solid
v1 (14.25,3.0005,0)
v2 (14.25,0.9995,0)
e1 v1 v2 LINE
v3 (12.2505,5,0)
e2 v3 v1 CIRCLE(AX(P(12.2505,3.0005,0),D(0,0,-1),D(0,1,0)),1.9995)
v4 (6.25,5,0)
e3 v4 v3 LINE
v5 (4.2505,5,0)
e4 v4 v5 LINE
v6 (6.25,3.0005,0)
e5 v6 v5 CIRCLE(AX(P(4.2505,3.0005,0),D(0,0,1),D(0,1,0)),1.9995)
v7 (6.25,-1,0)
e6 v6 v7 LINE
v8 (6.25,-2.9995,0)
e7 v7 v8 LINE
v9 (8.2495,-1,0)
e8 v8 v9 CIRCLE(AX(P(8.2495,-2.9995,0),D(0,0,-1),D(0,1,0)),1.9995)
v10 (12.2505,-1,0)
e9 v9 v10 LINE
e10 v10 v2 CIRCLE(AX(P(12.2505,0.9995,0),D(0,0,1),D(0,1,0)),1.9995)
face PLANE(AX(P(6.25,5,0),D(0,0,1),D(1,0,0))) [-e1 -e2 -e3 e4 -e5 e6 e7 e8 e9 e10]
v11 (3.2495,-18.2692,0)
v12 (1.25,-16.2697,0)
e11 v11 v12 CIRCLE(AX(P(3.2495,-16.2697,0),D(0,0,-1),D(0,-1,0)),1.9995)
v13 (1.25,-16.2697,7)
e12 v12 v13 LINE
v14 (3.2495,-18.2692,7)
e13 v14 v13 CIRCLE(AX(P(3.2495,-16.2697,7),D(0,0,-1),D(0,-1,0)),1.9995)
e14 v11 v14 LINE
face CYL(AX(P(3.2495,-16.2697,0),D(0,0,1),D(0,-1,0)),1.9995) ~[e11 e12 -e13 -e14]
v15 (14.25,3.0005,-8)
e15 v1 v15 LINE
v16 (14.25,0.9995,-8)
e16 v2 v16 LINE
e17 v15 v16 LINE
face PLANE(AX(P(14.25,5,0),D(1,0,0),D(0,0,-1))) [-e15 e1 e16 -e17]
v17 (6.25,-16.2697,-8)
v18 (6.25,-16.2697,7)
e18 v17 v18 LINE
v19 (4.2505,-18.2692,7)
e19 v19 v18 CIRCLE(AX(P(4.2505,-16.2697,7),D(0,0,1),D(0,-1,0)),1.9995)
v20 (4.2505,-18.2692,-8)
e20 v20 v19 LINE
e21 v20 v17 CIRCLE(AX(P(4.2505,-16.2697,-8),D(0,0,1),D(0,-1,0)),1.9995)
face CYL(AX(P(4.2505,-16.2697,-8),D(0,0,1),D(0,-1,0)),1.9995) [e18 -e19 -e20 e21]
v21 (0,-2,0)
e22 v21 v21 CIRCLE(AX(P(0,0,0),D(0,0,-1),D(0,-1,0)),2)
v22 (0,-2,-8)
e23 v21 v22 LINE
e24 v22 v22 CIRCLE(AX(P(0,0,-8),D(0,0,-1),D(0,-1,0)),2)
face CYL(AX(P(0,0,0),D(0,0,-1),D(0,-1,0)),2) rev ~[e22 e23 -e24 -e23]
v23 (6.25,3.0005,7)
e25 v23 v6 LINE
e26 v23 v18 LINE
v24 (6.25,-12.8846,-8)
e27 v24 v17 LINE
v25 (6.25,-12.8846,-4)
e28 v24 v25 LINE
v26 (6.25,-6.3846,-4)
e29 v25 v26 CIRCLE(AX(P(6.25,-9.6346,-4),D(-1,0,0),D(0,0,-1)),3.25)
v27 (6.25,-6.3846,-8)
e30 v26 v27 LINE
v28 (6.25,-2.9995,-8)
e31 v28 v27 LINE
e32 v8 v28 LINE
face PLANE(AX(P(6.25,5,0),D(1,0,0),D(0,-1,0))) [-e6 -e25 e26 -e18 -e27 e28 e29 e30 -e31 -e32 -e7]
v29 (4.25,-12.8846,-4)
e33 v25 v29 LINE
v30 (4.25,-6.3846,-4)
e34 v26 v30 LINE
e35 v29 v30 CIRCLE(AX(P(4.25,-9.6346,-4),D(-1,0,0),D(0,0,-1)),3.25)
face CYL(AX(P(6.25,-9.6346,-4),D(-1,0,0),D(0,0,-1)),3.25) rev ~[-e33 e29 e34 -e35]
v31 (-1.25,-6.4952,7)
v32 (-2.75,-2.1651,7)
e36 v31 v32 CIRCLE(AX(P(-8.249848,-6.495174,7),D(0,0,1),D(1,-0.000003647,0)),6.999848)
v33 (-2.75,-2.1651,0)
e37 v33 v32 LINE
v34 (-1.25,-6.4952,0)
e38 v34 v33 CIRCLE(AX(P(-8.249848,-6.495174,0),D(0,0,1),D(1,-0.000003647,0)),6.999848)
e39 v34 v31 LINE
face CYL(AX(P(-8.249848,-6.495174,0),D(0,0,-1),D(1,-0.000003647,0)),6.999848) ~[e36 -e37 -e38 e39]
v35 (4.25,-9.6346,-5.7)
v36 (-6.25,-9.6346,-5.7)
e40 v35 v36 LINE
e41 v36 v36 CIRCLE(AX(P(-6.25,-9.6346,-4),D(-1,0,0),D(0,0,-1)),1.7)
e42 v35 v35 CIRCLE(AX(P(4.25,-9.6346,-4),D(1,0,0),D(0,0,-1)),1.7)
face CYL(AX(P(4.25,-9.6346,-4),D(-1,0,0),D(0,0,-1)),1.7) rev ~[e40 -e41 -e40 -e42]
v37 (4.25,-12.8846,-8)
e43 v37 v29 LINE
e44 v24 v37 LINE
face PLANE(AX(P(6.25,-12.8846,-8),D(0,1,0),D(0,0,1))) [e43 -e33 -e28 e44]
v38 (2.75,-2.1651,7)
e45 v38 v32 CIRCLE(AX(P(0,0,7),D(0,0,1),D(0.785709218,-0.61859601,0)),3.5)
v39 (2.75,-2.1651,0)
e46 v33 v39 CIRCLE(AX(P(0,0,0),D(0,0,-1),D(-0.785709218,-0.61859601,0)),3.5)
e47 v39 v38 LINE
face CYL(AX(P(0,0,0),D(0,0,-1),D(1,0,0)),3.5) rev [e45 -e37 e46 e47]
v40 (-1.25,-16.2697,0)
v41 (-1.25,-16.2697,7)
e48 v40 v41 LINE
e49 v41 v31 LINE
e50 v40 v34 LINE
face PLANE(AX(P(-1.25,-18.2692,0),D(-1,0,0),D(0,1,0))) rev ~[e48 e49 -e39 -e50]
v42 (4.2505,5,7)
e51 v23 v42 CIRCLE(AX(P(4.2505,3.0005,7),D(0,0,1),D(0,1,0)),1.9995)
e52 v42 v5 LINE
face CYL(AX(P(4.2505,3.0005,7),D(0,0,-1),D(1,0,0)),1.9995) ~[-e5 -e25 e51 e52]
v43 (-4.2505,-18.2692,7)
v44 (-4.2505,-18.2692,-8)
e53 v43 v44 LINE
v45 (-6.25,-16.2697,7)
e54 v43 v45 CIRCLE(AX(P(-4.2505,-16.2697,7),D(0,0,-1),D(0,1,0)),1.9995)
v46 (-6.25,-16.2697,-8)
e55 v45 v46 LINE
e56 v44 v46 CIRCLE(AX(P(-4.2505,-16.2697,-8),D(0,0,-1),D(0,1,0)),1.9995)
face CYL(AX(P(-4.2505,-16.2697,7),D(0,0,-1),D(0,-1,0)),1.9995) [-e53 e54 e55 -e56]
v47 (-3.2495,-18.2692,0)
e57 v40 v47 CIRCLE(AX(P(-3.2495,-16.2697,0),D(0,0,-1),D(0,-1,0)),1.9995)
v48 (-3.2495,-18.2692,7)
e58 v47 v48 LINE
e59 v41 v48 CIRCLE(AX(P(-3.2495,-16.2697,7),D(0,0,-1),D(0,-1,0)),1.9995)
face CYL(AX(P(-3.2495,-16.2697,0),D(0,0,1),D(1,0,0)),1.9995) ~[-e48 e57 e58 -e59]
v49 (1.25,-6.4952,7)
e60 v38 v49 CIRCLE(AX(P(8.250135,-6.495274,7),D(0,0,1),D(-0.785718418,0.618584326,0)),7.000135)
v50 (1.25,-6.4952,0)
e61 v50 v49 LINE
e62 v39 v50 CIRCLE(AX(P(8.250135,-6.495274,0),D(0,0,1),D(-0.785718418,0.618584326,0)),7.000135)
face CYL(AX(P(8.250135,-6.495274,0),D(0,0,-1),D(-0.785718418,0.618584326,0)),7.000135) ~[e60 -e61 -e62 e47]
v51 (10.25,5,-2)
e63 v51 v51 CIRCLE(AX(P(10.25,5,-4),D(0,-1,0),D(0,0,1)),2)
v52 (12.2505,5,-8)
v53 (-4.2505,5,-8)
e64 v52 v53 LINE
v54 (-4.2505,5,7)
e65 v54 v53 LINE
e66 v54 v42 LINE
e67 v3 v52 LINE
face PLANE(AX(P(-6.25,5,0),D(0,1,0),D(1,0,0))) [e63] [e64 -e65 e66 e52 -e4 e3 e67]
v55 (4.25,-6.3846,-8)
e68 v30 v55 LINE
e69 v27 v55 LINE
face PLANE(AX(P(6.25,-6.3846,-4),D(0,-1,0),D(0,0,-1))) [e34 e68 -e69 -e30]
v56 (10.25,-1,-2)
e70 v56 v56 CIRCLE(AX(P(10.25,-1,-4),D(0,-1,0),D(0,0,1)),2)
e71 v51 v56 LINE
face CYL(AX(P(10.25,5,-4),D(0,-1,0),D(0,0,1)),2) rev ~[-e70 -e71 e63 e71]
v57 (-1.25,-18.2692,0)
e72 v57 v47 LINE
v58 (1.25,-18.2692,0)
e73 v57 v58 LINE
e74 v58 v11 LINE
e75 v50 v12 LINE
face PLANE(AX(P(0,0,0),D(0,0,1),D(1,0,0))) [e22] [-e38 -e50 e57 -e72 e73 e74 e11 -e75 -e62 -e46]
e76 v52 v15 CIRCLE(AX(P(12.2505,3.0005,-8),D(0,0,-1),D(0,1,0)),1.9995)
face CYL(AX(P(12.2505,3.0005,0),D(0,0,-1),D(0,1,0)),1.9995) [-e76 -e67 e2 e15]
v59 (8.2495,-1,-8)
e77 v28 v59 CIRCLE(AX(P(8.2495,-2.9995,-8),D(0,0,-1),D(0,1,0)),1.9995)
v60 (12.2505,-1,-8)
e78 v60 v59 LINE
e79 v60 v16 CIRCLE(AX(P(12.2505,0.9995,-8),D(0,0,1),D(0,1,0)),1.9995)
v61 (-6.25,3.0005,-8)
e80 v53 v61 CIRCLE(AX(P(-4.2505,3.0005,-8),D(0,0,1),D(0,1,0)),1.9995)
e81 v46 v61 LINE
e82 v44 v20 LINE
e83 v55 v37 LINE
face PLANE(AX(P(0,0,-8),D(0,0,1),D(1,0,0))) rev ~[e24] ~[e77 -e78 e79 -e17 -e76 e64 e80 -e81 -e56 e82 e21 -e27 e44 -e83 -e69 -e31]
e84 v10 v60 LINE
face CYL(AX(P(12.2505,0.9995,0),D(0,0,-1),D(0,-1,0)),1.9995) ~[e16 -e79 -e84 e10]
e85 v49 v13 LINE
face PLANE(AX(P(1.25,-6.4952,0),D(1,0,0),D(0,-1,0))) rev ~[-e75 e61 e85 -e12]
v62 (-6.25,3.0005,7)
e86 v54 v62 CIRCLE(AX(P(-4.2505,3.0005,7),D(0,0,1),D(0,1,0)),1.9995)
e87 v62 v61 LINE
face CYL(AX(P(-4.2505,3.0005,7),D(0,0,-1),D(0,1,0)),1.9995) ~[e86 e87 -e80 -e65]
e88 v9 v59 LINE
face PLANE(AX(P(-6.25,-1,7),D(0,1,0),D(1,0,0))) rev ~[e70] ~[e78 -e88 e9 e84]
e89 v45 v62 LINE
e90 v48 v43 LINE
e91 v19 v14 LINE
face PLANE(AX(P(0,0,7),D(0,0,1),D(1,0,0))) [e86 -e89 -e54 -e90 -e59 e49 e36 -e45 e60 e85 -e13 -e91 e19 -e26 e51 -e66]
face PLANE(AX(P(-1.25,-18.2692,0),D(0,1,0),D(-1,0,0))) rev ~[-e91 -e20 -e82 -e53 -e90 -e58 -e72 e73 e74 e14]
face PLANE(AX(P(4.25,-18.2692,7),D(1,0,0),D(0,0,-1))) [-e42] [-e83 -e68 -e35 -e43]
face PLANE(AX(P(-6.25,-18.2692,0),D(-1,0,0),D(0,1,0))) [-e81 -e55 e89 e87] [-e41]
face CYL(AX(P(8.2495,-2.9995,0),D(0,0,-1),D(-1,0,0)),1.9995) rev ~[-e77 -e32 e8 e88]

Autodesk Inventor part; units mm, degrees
ref_plane "YZ Plane" through (0, 0, 0) normal (1, 0, 0) x (0, 1, 0)
ref_plane "XZ Plane" through (0, 0, 0) normal (0, 1, 0) x (-1, 0, 0)
sketch "Sketch14" plane through (0, 0, 0) normal (0, 0, 1) x (1, 0, 0)
  circle A0 centre (0, 0) radius 3.5
  line L0 (-1.25, -3.2692) -> (1.25, -3.2692)
  line L1 (1.25, -3.2692) -> (1.25, -18.2692)
  line L2 (1.25, -18.2692) -> (-1.25, -18.2692)
  line L3 (-1.25, -18.2692) -> (-1.25, -3.2692)
  arc A1 (-1.25, -6.4952) -> (-2.75, -2.1651) centre (-8.25, -6.4952) ccw
  arc A2 (2.75, -2.1651) -> (1.25, -6.4952) centre (8.25, -6.4952) ccw
  line L4 (-6.25, 5) -> (6.25, 5)
  line L5 (6.25, 5) -> (6.25, -18.2692)
  line L6 (6.25, -18.2692) -> (-6.25, -18.2692)
  line L7 (-6.25, -18.2692) -> (-6.25, 5)
  point P0 (-1.25, -18.2692)
  point P1 (1.25, -18.2692)
  point P2 (-1.25, -18.2692)
  dimension "d67" = 7
  dimension "d68" = 2.5
  dimension "d69" = 7
  dimension "d70" = 7
  dimension "d71" = 15
  dimension "d72" = 5
  dimension "d73" = 5
  dimension "d74" = 5
extrude "Extrusion8" add sketch "Sketch14" along normal blind 7 contours A0 A1 L3 L6 L7 L4 L5 L1 A2
extrude "Extrusion9" add sketch "Sketch14" against normal blind 8
hole "Hole12" at (0, 0, 0) direction (0, 0, -1) diameter 4 end through all
ref_plane "Work Plane4" through (-6.25, 2, 7) normal (0, 1, 0) x (1, 0, 0)
sketch "Sketch18" plane through (-6.25, 5, 7) normal (0, 1, 0) x (1, 0, 0)
  line L0 (12.5, 0) -> (12.5, 15) projected
  line L1 (12.5, 7) -> (20.5, 7)
  line L2 (20.5, 7) -> (20.5, 15)
  line L3 (20.5, 15) -> (12.5, 15)
  line L4 (12.5, 15) -> (12.5, 0)
  line L5 (0, 15) -> (12.5, 15) projected
  line L6 (20.5, 7) -> (12.5, 15) construction
  line L7 (19.25, 12.5877) -> (19.25, 9.4123)
  line L8 (19.25, 9.4123) -> (16.5, 7.8246)
  line L9 (16.5, 7.8246) -> (13.75, 9.4123)
  line L10 (13.75, 9.4123) -> (13.75, 12.5877)
  line L11 (13.75, 12.5877) -> (16.5, 14.1754)
  line L12 (16.5, 14.1754) -> (19.25, 12.5877)
  point P0 (6.25, 7)
  point P1 (16.5, 11)
  point P2 (16.5, 11)
  point P3 (12.5, 13)
  dimension "d112" = 8
  dimension "d113" = 5.5
  dimension "d139" = 8
extrude "Extrusion13" add sketch "Sketch18" against normal blind 6 contours L0 L3 L2 L1 | L7 L8 L9 L10 L11 L12
hole "Hole16" at (10.25, 5, -4) direction (0, -1, 0) diameter 4 end through all
sketch "Sketch19" plane through (6.25, -18.2692, 7) normal (1, 0, 0) x (0, 0, -1)
  line L0 (0, 0) -> (0, 11.774) projected
  line L1 (7, 0) -> (7, 11.774) projected
  line L2 (7, 11.774) -> (0, 11.774) projected
  line L3 (0, 0) -> (0, 11.774) projected
  line L4 (7, 0) -> (0, 0) projected
  line L5 (15, 17.2692) -> (7, 17.2692) projected
  line L6 (11, 8.6346) -> (11, 0) construction
  line L7 (7, 0) -> (15, 0) construction
  line L8 (15, 17.2692) -> (15, 0) construction
  line L9 (11, 8.6346) -> (11, 17.2692) construction
  point P0 (7, 18.2692)
hole "Hole15" at (6.25, -9.6346, -4) direction (-1, 0, 0) diameter 3.4 end through all counterbore diameter 6.5 counterbore depth 2
sketch "Sketch20" plane through (6.25, -18.2692, 7) normal (1, 0, 0) x (0, 0, -1)
  line L0 (15, 17.2692) -> (15, 0) projected
  circle A0 centre (11, 8.6346) radius 3.25 projected
  circle A1 centre (11, 8.6346) radius 1.7 projected
  circle A2 centre (11, 8.6346) radius 3.25 projected
  line L1 (11, 5.3846) -> (11, 11.8846)
  line L2 (11, 11.8846) -> (15, 11.8846)
  line L3 (15, 11.8846) -> (15, 5.3846)
  line L4 (15, 5.3846) -> (11, 5.3846)
  point P0 (7, 18.2692)
extrude "Extrusion14" cut sketch "Sketch20" against normal up to surface (2 mm away) contours L0 L4 A0 L2 | A0 L1 A1 | A1 L1 picked at (13.692, 8.2674) picked at (11.6055, 9.0776)
fillet "Fillet3" radius 2 9 edges at (14.25, -1, -4) (-6.25, 5, -0.5) (-6.25, -18.2692, -0.5) (6.25, -18.2692, -0.5) (-1.25, -18.2692, 3.5) (1.25, -18.2692, 3.5) (6.25, -1, -4) (14.25, 5, -4) (6.25, 5, 3.5)
equation "\"d69\" = d67"
equation "\"d70\" = d67"
equation "\"d73\" = d72"
properties part number "z belt clip"
